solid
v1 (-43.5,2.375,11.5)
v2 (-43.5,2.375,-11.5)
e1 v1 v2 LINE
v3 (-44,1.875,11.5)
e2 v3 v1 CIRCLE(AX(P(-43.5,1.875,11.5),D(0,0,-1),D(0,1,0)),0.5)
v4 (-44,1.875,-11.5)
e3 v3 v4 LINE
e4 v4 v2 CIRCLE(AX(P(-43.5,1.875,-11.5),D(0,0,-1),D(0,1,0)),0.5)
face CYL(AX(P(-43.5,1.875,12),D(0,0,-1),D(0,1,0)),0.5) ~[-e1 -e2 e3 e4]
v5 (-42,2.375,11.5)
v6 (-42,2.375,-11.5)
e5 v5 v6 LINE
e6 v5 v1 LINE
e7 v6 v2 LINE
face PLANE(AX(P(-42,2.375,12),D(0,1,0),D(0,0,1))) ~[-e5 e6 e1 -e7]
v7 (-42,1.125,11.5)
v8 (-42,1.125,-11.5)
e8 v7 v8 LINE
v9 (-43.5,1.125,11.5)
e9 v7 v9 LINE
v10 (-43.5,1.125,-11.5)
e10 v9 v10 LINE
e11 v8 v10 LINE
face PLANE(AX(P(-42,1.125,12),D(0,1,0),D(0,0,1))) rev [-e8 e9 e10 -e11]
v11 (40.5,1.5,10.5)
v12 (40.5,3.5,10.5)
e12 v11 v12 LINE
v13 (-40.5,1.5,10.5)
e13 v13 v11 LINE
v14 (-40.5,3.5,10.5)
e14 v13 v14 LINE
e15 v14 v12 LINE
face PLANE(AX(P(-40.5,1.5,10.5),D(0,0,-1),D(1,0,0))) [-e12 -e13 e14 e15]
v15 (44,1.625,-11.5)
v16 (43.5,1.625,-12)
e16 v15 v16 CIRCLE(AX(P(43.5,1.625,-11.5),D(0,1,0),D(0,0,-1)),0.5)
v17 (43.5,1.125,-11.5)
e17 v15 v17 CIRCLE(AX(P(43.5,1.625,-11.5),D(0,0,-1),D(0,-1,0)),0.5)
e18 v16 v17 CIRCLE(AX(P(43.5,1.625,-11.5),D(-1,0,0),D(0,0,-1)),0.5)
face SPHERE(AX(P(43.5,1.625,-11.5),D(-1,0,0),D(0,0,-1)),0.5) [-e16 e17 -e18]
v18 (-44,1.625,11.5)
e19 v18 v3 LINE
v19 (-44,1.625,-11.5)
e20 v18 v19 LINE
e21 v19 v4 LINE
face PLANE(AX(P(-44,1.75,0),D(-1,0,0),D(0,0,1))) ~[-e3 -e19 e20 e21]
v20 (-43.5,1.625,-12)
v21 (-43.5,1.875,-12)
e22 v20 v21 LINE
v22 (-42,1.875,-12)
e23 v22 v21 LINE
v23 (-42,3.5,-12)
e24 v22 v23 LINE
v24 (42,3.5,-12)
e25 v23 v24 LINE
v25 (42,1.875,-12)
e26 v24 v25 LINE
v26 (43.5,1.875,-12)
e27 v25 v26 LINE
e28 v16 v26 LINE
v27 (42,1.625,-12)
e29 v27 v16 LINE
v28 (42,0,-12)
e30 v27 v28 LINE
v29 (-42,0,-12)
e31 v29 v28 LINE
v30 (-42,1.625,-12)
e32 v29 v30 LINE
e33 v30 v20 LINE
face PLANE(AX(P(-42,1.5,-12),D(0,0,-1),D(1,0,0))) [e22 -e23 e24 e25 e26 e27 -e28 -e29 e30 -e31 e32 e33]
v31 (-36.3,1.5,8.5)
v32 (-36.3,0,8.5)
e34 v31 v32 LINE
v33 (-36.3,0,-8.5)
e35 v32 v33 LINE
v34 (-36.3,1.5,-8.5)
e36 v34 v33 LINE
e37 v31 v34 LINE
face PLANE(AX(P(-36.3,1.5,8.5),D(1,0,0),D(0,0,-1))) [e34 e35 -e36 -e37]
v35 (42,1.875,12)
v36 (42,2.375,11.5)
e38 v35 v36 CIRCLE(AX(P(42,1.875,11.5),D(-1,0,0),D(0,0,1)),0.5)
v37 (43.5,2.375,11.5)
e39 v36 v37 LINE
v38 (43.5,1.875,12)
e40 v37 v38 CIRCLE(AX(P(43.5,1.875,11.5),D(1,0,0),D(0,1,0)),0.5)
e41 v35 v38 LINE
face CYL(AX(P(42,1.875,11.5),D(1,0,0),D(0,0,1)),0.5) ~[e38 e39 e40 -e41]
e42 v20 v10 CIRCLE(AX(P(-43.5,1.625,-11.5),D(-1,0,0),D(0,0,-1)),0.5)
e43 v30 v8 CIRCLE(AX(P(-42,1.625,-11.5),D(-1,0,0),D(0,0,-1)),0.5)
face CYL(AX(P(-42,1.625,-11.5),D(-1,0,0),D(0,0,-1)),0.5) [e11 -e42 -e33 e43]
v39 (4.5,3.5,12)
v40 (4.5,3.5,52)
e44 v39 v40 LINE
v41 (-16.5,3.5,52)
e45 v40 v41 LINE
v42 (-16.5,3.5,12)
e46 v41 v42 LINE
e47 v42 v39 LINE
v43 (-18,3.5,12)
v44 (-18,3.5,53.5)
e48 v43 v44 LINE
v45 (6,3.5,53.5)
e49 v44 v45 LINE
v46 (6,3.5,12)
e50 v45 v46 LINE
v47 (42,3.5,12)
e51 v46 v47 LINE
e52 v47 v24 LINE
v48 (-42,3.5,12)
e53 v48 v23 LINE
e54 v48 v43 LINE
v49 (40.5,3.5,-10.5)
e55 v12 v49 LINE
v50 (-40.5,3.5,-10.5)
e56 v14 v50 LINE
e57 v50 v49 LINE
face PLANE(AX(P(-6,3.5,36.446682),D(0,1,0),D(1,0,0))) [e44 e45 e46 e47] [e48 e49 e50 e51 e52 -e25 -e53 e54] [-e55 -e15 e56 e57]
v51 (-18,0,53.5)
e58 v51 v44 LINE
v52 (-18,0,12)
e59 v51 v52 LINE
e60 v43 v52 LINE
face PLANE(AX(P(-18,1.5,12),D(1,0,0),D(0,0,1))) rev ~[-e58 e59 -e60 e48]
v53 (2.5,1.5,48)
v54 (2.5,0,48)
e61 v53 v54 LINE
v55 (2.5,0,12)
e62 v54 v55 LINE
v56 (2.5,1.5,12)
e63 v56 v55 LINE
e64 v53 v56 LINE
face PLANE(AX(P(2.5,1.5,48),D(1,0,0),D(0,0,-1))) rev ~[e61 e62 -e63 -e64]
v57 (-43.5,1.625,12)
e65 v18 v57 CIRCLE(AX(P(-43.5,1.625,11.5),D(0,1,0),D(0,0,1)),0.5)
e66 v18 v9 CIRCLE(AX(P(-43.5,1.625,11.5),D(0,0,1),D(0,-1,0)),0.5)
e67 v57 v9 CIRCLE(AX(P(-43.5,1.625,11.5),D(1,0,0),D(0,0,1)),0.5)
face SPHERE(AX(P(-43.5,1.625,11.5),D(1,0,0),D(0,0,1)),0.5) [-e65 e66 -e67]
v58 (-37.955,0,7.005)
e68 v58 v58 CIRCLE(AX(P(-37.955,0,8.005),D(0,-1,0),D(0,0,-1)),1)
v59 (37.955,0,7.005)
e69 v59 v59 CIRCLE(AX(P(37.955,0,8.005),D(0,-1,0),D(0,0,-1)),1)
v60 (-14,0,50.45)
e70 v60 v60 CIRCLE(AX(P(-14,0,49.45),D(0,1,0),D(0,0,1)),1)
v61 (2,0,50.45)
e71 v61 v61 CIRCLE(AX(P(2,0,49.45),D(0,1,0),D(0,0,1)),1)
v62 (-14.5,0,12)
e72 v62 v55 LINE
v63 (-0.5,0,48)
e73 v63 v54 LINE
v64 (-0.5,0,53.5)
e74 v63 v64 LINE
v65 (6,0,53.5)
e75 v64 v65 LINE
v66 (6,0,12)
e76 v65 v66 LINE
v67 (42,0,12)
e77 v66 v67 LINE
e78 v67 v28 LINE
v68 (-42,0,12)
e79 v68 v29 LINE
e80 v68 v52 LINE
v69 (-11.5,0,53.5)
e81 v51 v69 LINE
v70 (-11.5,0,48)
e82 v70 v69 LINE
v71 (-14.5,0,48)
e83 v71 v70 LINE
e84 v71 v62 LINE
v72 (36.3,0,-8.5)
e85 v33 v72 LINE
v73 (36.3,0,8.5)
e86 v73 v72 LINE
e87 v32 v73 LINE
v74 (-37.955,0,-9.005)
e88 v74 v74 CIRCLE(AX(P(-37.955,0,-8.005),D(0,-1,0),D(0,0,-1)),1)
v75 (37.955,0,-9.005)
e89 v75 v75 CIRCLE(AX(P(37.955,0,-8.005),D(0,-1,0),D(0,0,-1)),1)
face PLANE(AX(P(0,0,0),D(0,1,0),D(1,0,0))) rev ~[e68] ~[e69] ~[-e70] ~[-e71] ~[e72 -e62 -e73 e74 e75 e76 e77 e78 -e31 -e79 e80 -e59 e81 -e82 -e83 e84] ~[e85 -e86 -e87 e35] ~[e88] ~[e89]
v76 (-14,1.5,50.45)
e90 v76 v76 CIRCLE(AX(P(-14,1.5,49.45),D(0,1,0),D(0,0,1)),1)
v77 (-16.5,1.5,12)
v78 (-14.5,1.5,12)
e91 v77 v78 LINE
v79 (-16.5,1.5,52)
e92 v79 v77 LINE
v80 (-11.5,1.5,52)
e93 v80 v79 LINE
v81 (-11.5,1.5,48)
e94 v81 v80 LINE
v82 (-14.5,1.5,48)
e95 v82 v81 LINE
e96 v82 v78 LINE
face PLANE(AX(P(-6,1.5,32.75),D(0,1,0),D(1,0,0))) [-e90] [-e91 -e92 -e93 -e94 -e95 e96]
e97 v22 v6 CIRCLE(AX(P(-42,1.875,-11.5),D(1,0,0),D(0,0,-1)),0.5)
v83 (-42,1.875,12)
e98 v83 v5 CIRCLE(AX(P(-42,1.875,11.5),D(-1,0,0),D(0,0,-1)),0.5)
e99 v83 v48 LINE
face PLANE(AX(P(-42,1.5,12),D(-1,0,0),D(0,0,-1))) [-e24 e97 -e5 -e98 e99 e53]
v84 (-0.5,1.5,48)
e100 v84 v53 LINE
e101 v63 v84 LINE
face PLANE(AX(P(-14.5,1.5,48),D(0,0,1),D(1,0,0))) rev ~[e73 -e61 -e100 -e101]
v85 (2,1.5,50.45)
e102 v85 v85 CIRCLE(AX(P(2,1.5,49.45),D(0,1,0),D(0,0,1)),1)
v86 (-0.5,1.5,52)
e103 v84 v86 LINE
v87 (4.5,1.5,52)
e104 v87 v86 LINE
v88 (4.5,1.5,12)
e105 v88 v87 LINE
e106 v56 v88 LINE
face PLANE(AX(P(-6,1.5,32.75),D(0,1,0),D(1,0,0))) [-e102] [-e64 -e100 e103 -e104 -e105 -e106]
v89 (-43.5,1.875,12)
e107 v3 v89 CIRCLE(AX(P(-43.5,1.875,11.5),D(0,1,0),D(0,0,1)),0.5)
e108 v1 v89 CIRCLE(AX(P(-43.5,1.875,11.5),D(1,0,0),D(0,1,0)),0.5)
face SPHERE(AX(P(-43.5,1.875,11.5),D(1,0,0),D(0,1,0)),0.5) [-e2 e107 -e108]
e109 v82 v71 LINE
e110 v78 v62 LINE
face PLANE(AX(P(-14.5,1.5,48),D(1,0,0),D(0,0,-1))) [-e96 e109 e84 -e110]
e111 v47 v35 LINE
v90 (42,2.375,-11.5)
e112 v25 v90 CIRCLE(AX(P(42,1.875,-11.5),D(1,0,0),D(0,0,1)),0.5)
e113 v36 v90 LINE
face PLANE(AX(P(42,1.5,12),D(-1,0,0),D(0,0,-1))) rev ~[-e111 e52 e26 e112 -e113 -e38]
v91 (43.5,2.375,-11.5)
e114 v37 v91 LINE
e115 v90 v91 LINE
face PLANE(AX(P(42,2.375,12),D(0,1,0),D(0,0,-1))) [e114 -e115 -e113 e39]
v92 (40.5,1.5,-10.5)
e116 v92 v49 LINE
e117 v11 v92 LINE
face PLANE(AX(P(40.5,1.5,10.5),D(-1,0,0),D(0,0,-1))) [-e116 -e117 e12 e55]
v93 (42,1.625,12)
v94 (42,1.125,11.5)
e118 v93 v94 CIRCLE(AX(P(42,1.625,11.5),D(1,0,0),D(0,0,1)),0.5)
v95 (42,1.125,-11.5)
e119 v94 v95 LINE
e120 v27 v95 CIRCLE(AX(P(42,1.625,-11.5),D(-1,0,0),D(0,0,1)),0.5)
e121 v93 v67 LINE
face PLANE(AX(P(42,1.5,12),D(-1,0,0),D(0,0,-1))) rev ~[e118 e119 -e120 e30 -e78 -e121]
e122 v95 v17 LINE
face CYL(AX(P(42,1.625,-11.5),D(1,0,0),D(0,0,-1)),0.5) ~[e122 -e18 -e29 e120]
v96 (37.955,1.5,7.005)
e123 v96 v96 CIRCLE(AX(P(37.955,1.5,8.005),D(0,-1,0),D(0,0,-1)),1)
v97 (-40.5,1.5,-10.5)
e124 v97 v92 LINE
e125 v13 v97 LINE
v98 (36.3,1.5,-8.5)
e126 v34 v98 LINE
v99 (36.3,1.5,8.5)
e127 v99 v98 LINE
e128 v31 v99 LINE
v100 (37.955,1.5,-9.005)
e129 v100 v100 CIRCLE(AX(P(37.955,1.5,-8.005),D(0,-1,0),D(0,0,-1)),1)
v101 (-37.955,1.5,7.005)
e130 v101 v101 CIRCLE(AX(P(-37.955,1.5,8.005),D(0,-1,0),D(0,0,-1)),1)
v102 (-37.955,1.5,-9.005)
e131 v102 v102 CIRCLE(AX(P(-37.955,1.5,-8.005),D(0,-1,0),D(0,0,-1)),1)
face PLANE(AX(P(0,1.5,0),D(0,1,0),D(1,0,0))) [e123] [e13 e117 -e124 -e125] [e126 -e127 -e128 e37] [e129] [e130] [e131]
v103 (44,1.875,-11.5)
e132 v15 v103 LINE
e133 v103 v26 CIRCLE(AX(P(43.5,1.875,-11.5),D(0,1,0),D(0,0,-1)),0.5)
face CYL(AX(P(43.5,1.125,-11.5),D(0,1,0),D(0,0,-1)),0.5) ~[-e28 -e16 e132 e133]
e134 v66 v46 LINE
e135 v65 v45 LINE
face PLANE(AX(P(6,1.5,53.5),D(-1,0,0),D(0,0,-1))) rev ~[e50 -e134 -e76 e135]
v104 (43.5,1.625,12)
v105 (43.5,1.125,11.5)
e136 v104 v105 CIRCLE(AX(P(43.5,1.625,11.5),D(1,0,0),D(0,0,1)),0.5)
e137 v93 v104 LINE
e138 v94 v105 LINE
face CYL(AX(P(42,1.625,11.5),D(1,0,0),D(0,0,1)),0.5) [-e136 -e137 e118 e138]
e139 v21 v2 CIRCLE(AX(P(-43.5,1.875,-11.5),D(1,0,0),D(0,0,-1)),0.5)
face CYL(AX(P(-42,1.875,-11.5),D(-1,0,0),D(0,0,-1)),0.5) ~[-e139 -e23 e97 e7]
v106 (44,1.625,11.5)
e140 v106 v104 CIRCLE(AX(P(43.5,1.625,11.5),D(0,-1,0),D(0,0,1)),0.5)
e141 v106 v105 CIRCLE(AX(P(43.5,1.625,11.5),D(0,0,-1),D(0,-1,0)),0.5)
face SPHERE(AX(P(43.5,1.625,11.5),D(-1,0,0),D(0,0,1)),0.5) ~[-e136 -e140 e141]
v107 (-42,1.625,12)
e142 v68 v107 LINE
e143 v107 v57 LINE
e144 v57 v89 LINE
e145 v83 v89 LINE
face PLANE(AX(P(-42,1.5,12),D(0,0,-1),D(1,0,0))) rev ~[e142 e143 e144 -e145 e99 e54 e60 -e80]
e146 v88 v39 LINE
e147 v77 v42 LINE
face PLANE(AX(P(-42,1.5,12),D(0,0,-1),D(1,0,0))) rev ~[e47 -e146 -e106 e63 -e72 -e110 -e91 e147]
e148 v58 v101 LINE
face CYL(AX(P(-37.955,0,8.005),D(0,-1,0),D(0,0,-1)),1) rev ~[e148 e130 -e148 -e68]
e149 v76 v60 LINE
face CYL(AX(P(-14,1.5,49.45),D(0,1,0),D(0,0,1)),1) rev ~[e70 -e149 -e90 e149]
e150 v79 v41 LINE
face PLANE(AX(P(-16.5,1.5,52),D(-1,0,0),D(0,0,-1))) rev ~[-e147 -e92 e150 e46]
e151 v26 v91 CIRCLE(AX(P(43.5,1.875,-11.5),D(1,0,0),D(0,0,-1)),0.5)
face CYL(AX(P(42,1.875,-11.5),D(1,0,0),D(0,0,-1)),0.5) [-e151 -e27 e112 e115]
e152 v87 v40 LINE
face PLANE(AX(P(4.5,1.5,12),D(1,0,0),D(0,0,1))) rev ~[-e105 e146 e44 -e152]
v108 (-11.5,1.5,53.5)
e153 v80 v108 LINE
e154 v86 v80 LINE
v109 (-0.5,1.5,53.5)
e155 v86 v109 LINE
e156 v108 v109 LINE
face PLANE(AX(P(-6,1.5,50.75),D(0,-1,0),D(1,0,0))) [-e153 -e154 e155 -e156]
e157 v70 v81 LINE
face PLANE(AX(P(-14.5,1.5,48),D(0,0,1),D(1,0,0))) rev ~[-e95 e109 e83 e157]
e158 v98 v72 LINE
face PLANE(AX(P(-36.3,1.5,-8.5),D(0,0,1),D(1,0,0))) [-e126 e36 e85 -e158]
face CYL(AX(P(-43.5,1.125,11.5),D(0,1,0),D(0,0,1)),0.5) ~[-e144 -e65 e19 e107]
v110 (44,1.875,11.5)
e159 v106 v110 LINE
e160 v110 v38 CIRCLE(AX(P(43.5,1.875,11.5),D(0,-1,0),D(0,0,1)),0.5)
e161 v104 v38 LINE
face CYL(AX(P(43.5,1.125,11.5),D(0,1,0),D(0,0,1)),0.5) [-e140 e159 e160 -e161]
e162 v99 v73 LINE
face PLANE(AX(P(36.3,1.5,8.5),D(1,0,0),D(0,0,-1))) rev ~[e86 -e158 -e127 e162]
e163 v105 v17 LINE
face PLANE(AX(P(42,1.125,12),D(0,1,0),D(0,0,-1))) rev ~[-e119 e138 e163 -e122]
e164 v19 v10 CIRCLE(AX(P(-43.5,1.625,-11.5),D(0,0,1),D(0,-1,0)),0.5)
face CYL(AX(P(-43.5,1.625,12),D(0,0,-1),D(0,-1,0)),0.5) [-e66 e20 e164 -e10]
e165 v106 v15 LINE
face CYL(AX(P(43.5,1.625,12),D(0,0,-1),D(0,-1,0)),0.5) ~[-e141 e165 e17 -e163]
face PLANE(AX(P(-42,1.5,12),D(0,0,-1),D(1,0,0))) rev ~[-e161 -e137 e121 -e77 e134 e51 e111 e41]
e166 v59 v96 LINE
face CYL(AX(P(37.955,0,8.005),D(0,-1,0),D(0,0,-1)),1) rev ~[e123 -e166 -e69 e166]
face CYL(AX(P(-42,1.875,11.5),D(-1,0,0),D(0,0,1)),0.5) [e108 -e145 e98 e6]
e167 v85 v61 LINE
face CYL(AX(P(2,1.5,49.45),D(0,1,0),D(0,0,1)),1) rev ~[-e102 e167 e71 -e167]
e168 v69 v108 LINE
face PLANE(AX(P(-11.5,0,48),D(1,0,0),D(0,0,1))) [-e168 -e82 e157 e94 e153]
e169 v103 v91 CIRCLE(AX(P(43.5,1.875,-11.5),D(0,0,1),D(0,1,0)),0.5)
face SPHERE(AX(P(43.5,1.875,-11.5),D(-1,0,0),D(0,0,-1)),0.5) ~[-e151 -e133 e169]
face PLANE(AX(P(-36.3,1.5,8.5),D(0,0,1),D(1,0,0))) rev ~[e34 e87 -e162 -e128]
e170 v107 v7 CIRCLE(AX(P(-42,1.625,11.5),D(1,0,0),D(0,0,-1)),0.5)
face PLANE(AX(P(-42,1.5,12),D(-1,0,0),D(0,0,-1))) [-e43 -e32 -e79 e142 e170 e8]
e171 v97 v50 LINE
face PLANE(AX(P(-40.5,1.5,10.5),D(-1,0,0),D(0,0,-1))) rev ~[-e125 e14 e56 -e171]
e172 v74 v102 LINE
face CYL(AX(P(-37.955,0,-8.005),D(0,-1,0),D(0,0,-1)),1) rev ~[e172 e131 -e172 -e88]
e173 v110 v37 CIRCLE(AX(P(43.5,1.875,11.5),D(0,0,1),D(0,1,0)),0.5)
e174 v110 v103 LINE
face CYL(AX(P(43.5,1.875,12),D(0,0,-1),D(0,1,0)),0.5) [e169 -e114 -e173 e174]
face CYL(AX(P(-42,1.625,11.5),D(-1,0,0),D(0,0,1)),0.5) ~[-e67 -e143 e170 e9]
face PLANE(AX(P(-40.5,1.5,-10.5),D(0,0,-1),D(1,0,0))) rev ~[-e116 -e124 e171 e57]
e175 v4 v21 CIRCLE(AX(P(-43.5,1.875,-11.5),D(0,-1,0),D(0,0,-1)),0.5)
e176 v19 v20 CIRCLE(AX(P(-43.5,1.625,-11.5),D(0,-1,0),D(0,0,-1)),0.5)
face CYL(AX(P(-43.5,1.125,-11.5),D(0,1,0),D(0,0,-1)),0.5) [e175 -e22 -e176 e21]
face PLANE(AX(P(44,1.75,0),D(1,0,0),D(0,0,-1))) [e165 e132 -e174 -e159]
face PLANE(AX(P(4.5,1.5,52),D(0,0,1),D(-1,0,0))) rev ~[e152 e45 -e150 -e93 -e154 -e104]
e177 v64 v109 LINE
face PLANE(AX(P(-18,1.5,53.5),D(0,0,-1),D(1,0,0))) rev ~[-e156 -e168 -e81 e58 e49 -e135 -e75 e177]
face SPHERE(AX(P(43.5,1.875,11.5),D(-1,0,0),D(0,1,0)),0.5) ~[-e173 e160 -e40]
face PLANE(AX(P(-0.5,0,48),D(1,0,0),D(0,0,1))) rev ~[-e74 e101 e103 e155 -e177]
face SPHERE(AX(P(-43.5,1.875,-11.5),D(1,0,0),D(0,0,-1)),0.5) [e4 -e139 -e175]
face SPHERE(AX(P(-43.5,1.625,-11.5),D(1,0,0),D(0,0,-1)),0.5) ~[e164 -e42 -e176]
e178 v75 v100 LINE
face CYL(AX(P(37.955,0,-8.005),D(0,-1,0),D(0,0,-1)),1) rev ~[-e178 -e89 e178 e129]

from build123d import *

# Parameters (mm, degrees)
SKETCH2_W            = 84
SKETCH2_H            = 24
BOSS_EXTRUDE1_DEPTH  = 1.5
SKETCH3_W            = 84
SKETCH3_H            = 24
SKETCH3_W_2          = 81
SKETCH3_H_2          = 21
BOSS_EXTRUDE2_DEPTH  = 2
CUT_EXTRUDE1_REACH   = 45.821
SKETCH4_R            = 1
SKETCH5_W            = 72.6
SKETCH5_H            = 17
CUT_EXTRUDE2_DEPTH   = 44.726422218
SKETCH8_W            = 24
SKETCH8_H            = 1.25
BOSS_EXTRUDE4_DEPTH  = 2
FILLET1_R            = 0.5
FILLET1_OF_MIRROR1_R = 0.5
SKETCH9_W            = 24
SKETCH9_H            = 41.5
BOSS_EXTRUDE5_DEPTH  = 1.5
BOSS_EXTRUDE6_DEPTH  = 2
SKETCH11_R           = 1
CUT_EXTRUDE4_DEPTH   = 70.298268377
SKETCH12_W           = 17
SKETCH12_H           = 36
CUT_EXTRUDE5_DEPTH   = 70.298268377
SKETCH13_W           = 11
SKETCH13_H           = 5.5
CUT_EXTRUDE6_DEPTH   = 1.5


with BuildPart() as part:
    # Sketch2 → Boss-Extrude1 (new body)
    with BuildSketch(Plane(origin=(0, 0, 0), x_dir=(1, 0, 0), z_dir=(0, 1, 0))):
        Rectangle(SKETCH2_W, SKETCH2_H)
    extrude(amount=BOSS_EXTRUDE1_DEPTH)

    # Sketch3 → Boss-Extrude2 (add)
    with BuildSketch(Plane(origin=(0, 1.5, 0), x_dir=(1, 0, 0), z_dir=(0, 1, 0))):
        Rectangle(SKETCH3_W, SKETCH3_H)
        Rectangle(SKETCH3_W_2, SKETCH3_H_2, mode=Mode.SUBTRACT)
    extrude(amount=BOSS_EXTRUDE2_DEPTH)

    # Sketch4 → Cut-Extrude1 (cut, up to next)
    with BuildSketch(Plane.XZ, mode=Mode.PRIVATE) as cut_extrude1_sk1:
        with Locations(Location((-37.955, 8.005, 0), (0, 0, 270))):
            Circle(SKETCH4_R)
    cut_extrude1_tool1 = extrude(cut_extrude1_sk1.sketch, amount=-CUT_EXTRUDE1_REACH, mode=Mode.PRIVATE) & part.part
    # Sketch4 → Cut-Extrude1 (cut, up to next)
    with BuildSketch(Plane.XZ, mode=Mode.PRIVATE) as cut_extrude1_sk2:
        with Locations(Location((37.955, 8.005, 0), (0, 0, 270))):
            Circle(SKETCH4_R)
    cut_extrude1_tool2 = extrude(cut_extrude1_sk2.sketch, amount=-CUT_EXTRUDE1_REACH, mode=Mode.PRIVATE) & part.part
    # Sketch4 → Cut-Extrude1 (cut, up to next)
    with BuildSketch(Plane.XZ, mode=Mode.PRIVATE) as cut_extrude1_sk3:
        with Locations(Location((37.955, -8.005, 0), (0, 0, 270))):
            Circle(SKETCH4_R)
    cut_extrude1_tool3 = extrude(cut_extrude1_sk3.sketch, amount=-CUT_EXTRUDE1_REACH, mode=Mode.PRIVATE) & part.part
    # Sketch4 → Cut-Extrude1 (cut, up to next)
    with BuildSketch(Plane.XZ, mode=Mode.PRIVATE) as cut_extrude1_sk4:
        with Locations(Location((-37.955, -8.005, 0), (0, 0, 270))):
            Circle(SKETCH4_R)
    cut_extrude1_tool4 = extrude(cut_extrude1_sk4.sketch, amount=-CUT_EXTRUDE1_REACH, mode=Mode.PRIVATE) & part.part
    add(cut_extrude1_tool1.solids().sort_by_distance((-37.955, 0, 8.005))[0], mode=Mode.SUBTRACT)
    add(cut_extrude1_tool2.solids().sort_by_distance((37.955, 0, 8.005))[0], mode=Mode.SUBTRACT)
    add(cut_extrude1_tool3.solids().sort_by_distance((37.955, 0, -8.005))[0], mode=Mode.SUBTRACT)
    add(cut_extrude1_tool4.solids().sort_by_distance((-37.955, 0, -8.005))[0], mode=Mode.SUBTRACT)

    # Sketch5 → Cut-Extrude2 (cut, through all)
    with BuildSketch(Plane(origin=(0, 1.5, 0), x_dir=(1, 0, 0), z_dir=(0, 1, 0))):
        Rectangle(SKETCH5_W, SKETCH5_H)
    extrude(amount=-CUT_EXTRUDE2_DEPTH, mode=Mode.SUBTRACT)

    # Sketch8 → Boss-Extrude4 (add)
    with BuildSketch(Plane(origin=(42, 0, 0), x_dir=(0, 0, -1), z_dir=(1, 0, 0))):
        with Locations((0, 1.75)):
            Rectangle(SKETCH8_W, SKETCH8_H)
    boss_extrude4 = extrude(amount=BOSS_EXTRUDE4_DEPTH)

    # Fillet1
    fillet1_edges = [part.edges().sort_by_distance(p)[0] for p in [
        (43, 1.125, -12),
        (43, 2.375, -12),
        (43, 2.375, 12),
        (43, 1.125, 12),
        (44, 1.75, -12),
        (44, 2.375, 0),
        (44, 1.75, 12),
        (44, 1.125, 0),
    ]]
    fillet(fillet1_edges, radius=FILLET1_R)

    # Mirror1: Boss-Extrude4 across plane
    add(boss_extrude4.mirror(Plane(origin=(0, 0, 0), x_dir=(0, 0, 1), z_dir=(1, 0, 0))))

    # Fillet1 of Mirror1
    fillet1_of_mirror1_edges = [part.edges().sort_by_distance(p)[0] for p in [
        (-43, 1.125, -12),
        (-43, 2.375, -12),
        (-43, 2.375, 12),
        (-43, 1.125, 12),
        (-44, 1.75, -12),
        (-44, 2.375, 0),
        (-44, 1.75, 12),
        (-44, 1.125, 0),
    ]]
    fillet(fillet1_of_mirror1_edges, radius=FILLET1_OF_MIRROR1_R)

    # Sketch9 → Boss-Extrude5 (add)
    with BuildSketch(Plane(origin=(0, 0, 0), x_dir=(1, 0, 0), z_dir=(0, 1, 0))):
        with Locations((-6, -32.75)):
            Rectangle(SKETCH9_W, SKETCH9_H)
    extrude(amount=BOSS_EXTRUDE5_DEPTH)

    # Sketch10 → Boss-Extrude6 (add)
    with BuildSketch(Plane(origin=(0, 1.5, 0), x_dir=(1, 0, 0), z_dir=(0, 1, 0))):
        Polygon((-16.5, -52), (-16.5, -13.5), (-16.5, -12), (-18, -12), (-18, -53.5), (6, -53.5), (6, -12), (4.5, -12), (4.5, -13.5), (4.5, -52), align=None)
    extrude(amount=BOSS_EXTRUDE6_DEPTH)

    # Sketch11 → Cut-Extrude4 (cut, through all)
    with BuildSketch(Plane(origin=(0, 1.5, 0), x_dir=(1, 0, 0), z_dir=(0, 1, 0))):
        with Locations(Location((-14, -49.45, 0), (0, 0, 270))):
            Circle(SKETCH11_R)
        with Locations(Location((2, -49.45, 0), (0, 0, 270))):
            Circle(SKETCH11_R)
    extrude(amount=-CUT_EXTRUDE4_DEPTH, mode=Mode.SUBTRACT)

    # Sketch12 → Cut-Extrude5 (cut, through all)
    with BuildSketch(Plane(origin=(0, 1.5, 0), x_dir=(1, 0, 0), z_dir=(0, 1, 0))):
        with Locations((-6, -30)):
            Rectangle(SKETCH12_W, SKETCH12_H)
    extrude(amount=-CUT_EXTRUDE5_DEPTH, mode=Mode.SUBTRACT)

    # Sketch13 → Cut-Extrude6 (cut)
    with BuildSketch(Plane.XZ):
        with Locations((-6, 50.75)):
            Rectangle(SKETCH13_W, SKETCH13_H)
    extrude(amount=-CUT_EXTRUDE6_DEPTH, mode=Mode.SUBTRACT)


solid = part.part
